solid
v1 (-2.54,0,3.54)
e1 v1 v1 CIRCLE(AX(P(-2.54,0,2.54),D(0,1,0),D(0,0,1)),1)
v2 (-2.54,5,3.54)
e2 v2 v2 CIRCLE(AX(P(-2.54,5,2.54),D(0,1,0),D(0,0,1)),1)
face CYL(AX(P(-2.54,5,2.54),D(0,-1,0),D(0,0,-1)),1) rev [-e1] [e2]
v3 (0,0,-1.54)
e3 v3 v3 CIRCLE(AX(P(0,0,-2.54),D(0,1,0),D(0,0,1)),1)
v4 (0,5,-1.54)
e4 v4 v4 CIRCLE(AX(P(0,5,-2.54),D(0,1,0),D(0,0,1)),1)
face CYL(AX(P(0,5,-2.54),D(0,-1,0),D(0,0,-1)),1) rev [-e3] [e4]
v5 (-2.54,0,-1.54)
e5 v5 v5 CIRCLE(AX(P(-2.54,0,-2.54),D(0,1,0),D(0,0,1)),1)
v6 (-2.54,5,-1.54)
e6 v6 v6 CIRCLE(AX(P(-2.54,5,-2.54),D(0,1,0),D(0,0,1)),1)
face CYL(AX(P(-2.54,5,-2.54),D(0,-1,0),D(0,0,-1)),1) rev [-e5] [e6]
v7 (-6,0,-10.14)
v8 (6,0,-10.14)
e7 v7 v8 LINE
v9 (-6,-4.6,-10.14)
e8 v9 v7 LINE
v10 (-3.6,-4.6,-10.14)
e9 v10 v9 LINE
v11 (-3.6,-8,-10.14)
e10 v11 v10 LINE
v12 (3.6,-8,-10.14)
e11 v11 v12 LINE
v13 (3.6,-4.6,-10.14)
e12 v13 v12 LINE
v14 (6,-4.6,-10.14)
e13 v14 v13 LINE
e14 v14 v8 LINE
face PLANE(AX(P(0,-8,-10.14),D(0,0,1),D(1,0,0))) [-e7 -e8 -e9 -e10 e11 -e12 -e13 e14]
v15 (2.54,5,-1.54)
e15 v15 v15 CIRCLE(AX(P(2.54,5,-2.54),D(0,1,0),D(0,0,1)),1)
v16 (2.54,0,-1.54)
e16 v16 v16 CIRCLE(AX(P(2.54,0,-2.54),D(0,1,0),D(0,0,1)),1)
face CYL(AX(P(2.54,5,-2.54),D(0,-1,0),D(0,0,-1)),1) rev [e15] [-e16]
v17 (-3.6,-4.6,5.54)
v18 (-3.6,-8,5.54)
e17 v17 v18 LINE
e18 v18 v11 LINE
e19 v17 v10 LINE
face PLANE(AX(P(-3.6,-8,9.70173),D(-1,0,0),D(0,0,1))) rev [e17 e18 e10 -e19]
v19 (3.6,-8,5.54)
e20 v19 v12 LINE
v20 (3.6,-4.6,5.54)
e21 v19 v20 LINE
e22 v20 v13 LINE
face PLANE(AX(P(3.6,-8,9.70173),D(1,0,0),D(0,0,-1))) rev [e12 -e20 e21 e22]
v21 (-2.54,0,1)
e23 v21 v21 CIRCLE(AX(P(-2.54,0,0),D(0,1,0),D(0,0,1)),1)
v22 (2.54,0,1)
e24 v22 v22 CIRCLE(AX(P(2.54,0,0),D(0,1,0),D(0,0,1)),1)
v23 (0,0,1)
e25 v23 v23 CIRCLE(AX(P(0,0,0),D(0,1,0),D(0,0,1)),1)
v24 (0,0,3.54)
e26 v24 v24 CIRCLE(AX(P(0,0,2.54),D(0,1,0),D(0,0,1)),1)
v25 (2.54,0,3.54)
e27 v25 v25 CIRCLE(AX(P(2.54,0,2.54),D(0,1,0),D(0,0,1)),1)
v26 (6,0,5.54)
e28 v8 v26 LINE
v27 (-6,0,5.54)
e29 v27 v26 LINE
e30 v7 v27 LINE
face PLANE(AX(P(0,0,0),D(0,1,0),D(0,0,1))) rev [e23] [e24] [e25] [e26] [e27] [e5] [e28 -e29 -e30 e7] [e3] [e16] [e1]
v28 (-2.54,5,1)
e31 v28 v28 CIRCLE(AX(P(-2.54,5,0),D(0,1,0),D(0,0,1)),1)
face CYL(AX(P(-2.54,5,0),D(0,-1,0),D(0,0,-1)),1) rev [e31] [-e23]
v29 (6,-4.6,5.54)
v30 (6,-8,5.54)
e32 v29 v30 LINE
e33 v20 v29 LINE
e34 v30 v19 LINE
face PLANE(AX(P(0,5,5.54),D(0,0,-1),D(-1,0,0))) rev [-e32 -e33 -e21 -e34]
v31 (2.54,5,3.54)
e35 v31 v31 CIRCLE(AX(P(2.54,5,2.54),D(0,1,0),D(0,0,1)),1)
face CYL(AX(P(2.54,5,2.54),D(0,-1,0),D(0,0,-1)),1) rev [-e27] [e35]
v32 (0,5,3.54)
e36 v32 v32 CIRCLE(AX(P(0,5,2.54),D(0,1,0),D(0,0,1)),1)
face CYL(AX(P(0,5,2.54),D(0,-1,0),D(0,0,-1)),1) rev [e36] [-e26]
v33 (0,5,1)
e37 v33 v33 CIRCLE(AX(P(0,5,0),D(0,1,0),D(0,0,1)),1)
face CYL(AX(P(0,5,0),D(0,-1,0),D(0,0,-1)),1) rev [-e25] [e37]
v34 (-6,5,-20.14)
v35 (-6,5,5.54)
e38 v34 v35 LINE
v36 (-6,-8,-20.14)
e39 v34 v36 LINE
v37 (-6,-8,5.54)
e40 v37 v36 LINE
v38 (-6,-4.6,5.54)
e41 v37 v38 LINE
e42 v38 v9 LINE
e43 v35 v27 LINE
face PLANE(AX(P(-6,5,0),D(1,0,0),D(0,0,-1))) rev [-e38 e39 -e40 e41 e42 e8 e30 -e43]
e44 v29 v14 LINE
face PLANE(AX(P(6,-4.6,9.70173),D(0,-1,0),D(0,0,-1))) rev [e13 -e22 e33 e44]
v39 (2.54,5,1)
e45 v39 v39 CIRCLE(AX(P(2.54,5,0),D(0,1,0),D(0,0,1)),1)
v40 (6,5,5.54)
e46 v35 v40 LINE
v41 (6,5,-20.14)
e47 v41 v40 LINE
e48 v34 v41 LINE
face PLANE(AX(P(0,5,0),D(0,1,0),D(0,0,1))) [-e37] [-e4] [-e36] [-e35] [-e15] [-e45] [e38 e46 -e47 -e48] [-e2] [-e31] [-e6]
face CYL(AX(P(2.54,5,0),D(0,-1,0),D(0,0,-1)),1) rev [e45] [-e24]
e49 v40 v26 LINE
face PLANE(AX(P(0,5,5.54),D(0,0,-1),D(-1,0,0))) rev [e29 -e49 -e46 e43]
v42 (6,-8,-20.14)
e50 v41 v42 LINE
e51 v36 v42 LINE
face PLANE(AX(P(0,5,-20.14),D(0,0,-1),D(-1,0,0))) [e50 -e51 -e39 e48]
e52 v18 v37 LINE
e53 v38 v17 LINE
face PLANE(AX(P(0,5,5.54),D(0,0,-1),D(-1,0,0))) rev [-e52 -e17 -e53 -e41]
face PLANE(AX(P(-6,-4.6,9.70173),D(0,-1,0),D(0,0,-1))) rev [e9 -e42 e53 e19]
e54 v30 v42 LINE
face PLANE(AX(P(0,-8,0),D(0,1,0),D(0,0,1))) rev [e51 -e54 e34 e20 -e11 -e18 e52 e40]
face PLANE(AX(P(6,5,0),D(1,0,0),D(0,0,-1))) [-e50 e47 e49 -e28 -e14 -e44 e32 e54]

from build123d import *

# Parameters (mm, degrees)
SKETCH1_W           = 12
SKETCH1_H           = 10
SKETCH1_H_2         = 15.68
SKETCH1_R           = 1
BOSS_EXTRUDE1_DEPTH = 5
SKETCH1_3_W         = 12
SKETCH1_3_H         = 10
BOSS_EXTRUDE2_DEPTH = 8
SKETCH2_W           = 2.4
SKETCH2_H           = 3.4
BOSS_EXTRUDE3_DEPTH = 15.68


with BuildPart() as part:
    # Sketch1 → Boss-Extrude1 (new body)
    # profile 1 of 2: a face of its own
    with BuildSketch(Plane(origin=(0, 0, 0), x_dir=(1, 0, 0), z_dir=(0, 1, 0))):
        with Locations((0, 15.14)):
            Rectangle(SKETCH1_W, SKETCH1_H)
    # profile 2 of 2: a face of its own
    with BuildSketch(Plane(origin=(0, 0, 0), x_dir=(1, 0, 0), z_dir=(0, 1, 0))):
        with Locations((0, 2.3)):
            Rectangle(SKETCH1_W, SKETCH1_H_2)
        with Locations(Location((-2.54, -2.54, 0), (0, 0, 270))):
            Circle(SKETCH1_R, mode=Mode.SUBTRACT)
        with Locations(Location((-2.54, 0, 0), (0, 0, 270))):
            Circle(SKETCH1_R, mode=Mode.SUBTRACT)
        with Locations(Location((0, 0, 0), (0, 0, 270))):
            Circle(SKETCH1_R, mode=Mode.SUBTRACT)
        with Locations(Location((-2.54, 2.54, 0), (0, 0, 270))):
            Circle(SKETCH1_R, mode=Mode.SUBTRACT)
        with Locations(Location((0, 2.54, 0), (0, 0, 270))):
            Circle(SKETCH1_R, mode=Mode.SUBTRACT)
        with Locations(Location((0, -2.54, 0), (0, 0, 270))):
            Circle(SKETCH1_R, mode=Mode.SUBTRACT)
        with Locations(Location((2.54, -2.54, 0), (0, 0, 270))):
            Circle(SKETCH1_R, mode=Mode.SUBTRACT)
        with Locations(Location((2.54, 0, 0), (0, 0, 270))):
            Circle(SKETCH1_R, mode=Mode.SUBTRACT)
        with Locations(Location((2.54, 2.54, 0), (0, 0, 270))):
            Circle(SKETCH1_R, mode=Mode.SUBTRACT)
    extrude(amount=BOSS_EXTRUDE1_DEPTH)

    # Sketch1<3> → Boss-Extrude2 (add)
    with BuildSketch(Plane(origin=(0, 0, 0), x_dir=(1, 0, 0), z_dir=(0, 1, 0))):
        with Locations((0, 15.14)):
            Rectangle(SKETCH1_3_W, SKETCH1_3_H)
    extrude(amount=-BOSS_EXTRUDE2_DEPTH)

    # Sketch2 → Boss-Extrude3 (add)
    with BuildSketch(Plane.XY.offset(-10.14)):
        with Locations((-4.8, -6.3)):
            Rectangle(SKETCH2_W, SKETCH2_H)
        with Locations((4.8, -6.3)):
            Rectangle(SKETCH2_W, SKETCH2_H)
    extrude(amount=BOSS_EXTRUDE3_DEPTH)


solid = part.part
